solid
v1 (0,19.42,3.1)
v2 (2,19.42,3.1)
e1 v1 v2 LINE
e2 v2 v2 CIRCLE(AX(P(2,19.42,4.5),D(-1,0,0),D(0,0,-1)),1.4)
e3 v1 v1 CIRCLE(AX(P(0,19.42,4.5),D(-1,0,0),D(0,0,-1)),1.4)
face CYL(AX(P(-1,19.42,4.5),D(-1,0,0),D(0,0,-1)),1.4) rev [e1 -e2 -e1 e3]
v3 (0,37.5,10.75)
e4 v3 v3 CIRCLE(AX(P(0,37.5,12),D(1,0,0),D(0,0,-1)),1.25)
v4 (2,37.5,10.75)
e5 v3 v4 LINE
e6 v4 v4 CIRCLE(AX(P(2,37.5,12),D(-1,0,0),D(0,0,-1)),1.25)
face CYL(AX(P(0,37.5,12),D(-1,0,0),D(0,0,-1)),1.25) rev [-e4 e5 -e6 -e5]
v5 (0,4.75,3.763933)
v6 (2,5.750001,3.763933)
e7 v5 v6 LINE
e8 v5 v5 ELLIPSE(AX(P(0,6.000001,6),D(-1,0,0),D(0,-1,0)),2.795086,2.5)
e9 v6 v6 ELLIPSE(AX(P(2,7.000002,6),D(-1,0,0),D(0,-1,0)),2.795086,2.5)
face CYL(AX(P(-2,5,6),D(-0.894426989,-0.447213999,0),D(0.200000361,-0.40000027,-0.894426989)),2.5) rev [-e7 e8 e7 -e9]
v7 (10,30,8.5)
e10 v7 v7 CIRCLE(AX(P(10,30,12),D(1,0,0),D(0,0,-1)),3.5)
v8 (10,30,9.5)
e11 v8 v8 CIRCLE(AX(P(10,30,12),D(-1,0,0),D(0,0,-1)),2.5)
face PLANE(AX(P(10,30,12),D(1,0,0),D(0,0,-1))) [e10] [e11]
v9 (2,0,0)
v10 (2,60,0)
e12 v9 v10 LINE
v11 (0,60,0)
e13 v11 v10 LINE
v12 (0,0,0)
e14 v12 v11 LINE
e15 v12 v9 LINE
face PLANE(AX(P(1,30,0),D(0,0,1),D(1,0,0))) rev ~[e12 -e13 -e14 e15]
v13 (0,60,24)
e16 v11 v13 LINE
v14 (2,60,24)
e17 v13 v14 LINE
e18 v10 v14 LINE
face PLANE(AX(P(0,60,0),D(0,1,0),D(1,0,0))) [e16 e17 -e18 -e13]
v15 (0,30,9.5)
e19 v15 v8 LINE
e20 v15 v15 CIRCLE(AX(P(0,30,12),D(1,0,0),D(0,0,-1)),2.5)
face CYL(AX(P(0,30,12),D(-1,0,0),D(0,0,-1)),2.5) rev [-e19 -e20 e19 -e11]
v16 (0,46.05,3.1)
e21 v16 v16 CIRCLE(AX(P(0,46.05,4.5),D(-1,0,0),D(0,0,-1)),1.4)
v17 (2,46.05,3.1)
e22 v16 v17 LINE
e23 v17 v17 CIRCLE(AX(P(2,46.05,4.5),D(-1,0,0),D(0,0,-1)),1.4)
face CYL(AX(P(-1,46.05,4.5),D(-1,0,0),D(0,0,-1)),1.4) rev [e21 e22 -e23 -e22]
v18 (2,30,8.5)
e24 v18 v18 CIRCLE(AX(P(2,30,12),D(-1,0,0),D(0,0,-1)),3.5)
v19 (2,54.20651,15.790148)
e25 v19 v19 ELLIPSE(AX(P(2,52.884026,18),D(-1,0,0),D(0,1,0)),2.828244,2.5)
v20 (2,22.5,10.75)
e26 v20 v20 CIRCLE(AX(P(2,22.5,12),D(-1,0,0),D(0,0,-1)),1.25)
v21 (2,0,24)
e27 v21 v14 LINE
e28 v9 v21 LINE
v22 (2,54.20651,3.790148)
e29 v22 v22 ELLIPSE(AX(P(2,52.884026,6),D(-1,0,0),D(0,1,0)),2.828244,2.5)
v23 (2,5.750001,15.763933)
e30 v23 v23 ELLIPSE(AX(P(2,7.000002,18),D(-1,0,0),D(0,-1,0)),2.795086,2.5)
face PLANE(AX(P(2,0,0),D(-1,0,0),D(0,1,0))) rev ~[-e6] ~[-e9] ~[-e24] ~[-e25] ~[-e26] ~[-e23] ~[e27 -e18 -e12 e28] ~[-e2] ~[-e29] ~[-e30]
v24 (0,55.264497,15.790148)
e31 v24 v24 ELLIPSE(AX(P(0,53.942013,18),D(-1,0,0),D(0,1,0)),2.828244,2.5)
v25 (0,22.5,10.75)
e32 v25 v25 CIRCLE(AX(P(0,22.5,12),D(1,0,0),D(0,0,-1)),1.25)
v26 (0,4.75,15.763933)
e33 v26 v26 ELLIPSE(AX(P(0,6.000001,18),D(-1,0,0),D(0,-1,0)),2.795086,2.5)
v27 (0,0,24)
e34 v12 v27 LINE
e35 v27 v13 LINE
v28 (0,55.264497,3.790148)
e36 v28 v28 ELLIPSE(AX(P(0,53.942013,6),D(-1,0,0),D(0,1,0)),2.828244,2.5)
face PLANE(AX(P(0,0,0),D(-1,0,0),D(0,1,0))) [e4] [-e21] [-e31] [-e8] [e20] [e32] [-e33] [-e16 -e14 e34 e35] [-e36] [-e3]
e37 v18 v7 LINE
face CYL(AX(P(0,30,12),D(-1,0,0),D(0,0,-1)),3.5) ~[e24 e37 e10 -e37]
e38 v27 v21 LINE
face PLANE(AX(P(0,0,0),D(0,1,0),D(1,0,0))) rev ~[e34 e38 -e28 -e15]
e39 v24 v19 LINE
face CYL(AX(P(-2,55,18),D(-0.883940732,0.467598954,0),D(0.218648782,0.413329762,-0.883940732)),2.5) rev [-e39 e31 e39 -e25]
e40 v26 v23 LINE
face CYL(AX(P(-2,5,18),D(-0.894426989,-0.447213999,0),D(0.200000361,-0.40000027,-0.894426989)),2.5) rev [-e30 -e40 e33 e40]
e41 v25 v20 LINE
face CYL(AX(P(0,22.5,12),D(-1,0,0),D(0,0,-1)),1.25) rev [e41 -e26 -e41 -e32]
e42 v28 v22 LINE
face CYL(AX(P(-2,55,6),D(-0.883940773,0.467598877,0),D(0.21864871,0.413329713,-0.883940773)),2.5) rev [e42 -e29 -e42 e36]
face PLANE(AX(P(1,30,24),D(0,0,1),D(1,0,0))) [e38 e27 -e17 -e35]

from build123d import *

# Parameters (mm, degrees)
CYLINDER004_R               = 2.5
CYLINDER004_DEPTH           = 12
CYLINDER004_PITCH_ANGLE     = 90
CYLINDER003_R               = 3.5
CYLINDER003_DEPTH           = 10
CYLINDER003_PITCH_ANGLE     = 90
CYLINDER009_R               = 1.4
CYLINDER009_DEPTH           = 10
CYLINDER009_PITCH_ANGLE     = 90
CYLINDER008_R               = 1.4
CYLINDER008_DEPTH           = 10
CYLINDER008_PITCH_ANGLE     = 90
CYLINDER001_R               = 1.25
CYLINDER001_DEPTH           = 10
CYLINDER001_PITCH_ANGLE     = 90
CYLINDER002_R               = 1.25
CYLINDER002_DEPTH           = 10
CYLINDER002_PITCH_ANGLE     = 90
CYLINDER007_R               = 2.5
CYLINDER007_DEPTH           = 10
CYLINDER007_ROLL_ANGLE      = 90
CYLINDER007_PITCH_ANGLE     = 62.121453
CYLINDER007_PLACEMENT_ANGLE = 62.121453
CYLINDER006_R               = 2.5
CYLINDER006_DEPTH           = 10
CYLINDER006_ROLL_ANGLE      = 90
CYLINDER006_PITCH_ANGLE     = 62.121448
CYLINDER006_PLACEMENT_ANGLE = 62.121448
CYLINDER_R                  = 2.5
CYLINDER_DEPTH              = 10
CYLINDER_ROLL_ANGLE         = -90
CYLINDER_PITCH_ANGLE        = 63.434923
CYLINDER_PLACEMENT_ANGLE    = -63.434923
CYLINDER005_R               = 2.5
CYLINDER005_DEPTH           = 10
CYLINDER005_ROLL_ANGLE      = -90
CYLINDER005_PITCH_ANGLE     = 63.434923
CYLINDER005_PLACEMENT_ANGLE = -63.434923
BOX_W                       = 2
BOX_H                       = 60
BOX_DEPTH                   = 24


with BuildPart() as zylinder004:
    # Cylinder004 → Cylinder004 (new body)
    with BuildSketch(Plane.XY):
        Circle(CYLINDER004_R)
    extrude(amount=CYLINDER004_DEPTH)


with BuildPart() as zylinder004_1:
    # Cylinder004 pitch: moved
    add(zylinder004.part.rotate(Axis((0, 0, 0), (0, 1, 0)), CYLINDER004_PITCH_ANGLE))


with BuildPart() as zylinder004_2:
    # Cylinder004 placement: moved
    add(zylinder004_1.part.moved(Location((0, 30, 12))))


with BuildPart() as cut006:
    # Cylinder003 → Cylinder003 (new body)
    with BuildSketch(Plane.XY):
        Circle(CYLINDER003_R)
    extrude(amount=CYLINDER003_DEPTH)


with BuildPart() as cut006_1:
    # Cylinder003 pitch: moved
    add(cut006.part.rotate(Axis((0, 0, 0), (0, 1, 0)), CYLINDER003_PITCH_ANGLE))


with BuildPart() as cut006_2:
    # Cylinder003 placement: moved
    add(cut006_1.part.moved(Location((0, 30, 12))))

    # Cut006: cut Zylinder004
    add(zylinder004_2.part, mode=Mode.SUBTRACT)


with BuildPart() as zylinder009:
    # Cylinder009 → Cylinder009 (new body)
    with BuildSketch(Plane.XY):
        Circle(CYLINDER009_R)
    extrude(amount=CYLINDER009_DEPTH)


with BuildPart() as zylinder009_1:
    # Cylinder009 pitch: moved
    add(zylinder009.part.rotate(Axis((0, 0, 0), (0, 1, 0)), CYLINDER009_PITCH_ANGLE))


with BuildPart() as zylinder009_2:
    # Cylinder009 placement: moved
    add(zylinder009_1.part.moved(Location((-1, 46.05, 4.5))))


with BuildPart() as zylinder008:
    # Cylinder008 → Cylinder008 (new body)
    with BuildSketch(Plane.XY):
        Circle(CYLINDER008_R)
    extrude(amount=CYLINDER008_DEPTH)


with BuildPart() as zylinder008_1:
    # Cylinder008 pitch: moved
    add(zylinder008.part.rotate(Axis((0, 0, 0), (0, 1, 0)), CYLINDER008_PITCH_ANGLE))


with BuildPart() as zylinder008_2:
    # Cylinder008 placement: moved
    add(zylinder008_1.part.moved(Location((-1, 19.42, 4.5))))


with BuildPart() as zylinder001:
    # Cylinder001 → Cylinder001 (new body)
    with BuildSketch(Plane.XY):
        Circle(CYLINDER001_R)
    extrude(amount=CYLINDER001_DEPTH)


with BuildPart() as zylinder001_1:
    # Cylinder001 pitch: moved
    add(zylinder001.part.rotate(Axis((0, 0, 0), (0, 1, 0)), CYLINDER001_PITCH_ANGLE))


with BuildPart() as zylinder001_2:
    # Cylinder001 placement: moved
    add(zylinder001_1.part.moved(Location((0, 22.5, 12))))


with BuildPart() as zylinder002:
    # Cylinder002 → Cylinder002 (new body)
    with BuildSketch(Plane.XY):
        Circle(CYLINDER002_R)
    extrude(amount=CYLINDER002_DEPTH)


with BuildPart() as zylinder002_1:
    # Cylinder002 pitch: moved
    add(zylinder002.part.rotate(Axis((0, 0, 0), (0, 1, 0)), CYLINDER002_PITCH_ANGLE))


with BuildPart() as zylinder002_2:
    # Cylinder002 placement: moved
    add(zylinder002_1.part.moved(Location((0, 37.5, 12))))


with BuildPart() as zylinder007:
    # Cylinder007 → Cylinder007 (new body)
    with BuildSketch(Plane.XY):
        Circle(CYLINDER007_R)
    extrude(amount=CYLINDER007_DEPTH)


with BuildPart() as zylinder007_1:
    # Cylinder007 roll: moved
    add(zylinder007.part.rotate(Axis((0, 0, 0), (1, 0, 0)), CYLINDER007_ROLL_ANGLE))


with BuildPart() as zylinder007_2:
    # Cylinder007 pitch: moved
    add(zylinder007_1.part.rotate(Axis((0, 0, 0), (0, 1, 0)), CYLINDER007_PITCH_ANGLE))


with BuildPart() as zylinder007_3:
    # Cylinder007 placement: moved
    add(zylinder007_2.part.moved(Location((-2, 55, 6))).rotate(Axis((-2, 55, 6), (0, 0, 1)), CYLINDER007_PLACEMENT_ANGLE))


with BuildPart() as zylinder006:
    # Cylinder006 → Cylinder006 (new body)
    with BuildSketch(Plane.XY):
        Circle(CYLINDER006_R)
    extrude(amount=CYLINDER006_DEPTH)


with BuildPart() as zylinder006_1:
    # Cylinder006 roll: moved
    add(zylinder006.part.rotate(Axis((0, 0, 0), (1, 0, 0)), CYLINDER006_ROLL_ANGLE))


with BuildPart() as zylinder006_2:
    # Cylinder006 pitch: moved
    add(zylinder006_1.part.rotate(Axis((0, 0, 0), (0, 1, 0)), CYLINDER006_PITCH_ANGLE))


with BuildPart() as zylinder006_3:
    # Cylinder006 placement: moved
    add(zylinder006_2.part.moved(Location((-2, 55, 18))).rotate(Axis((-2, 55, 18), (0, 0, 1)), CYLINDER006_PLACEMENT_ANGLE))


with BuildPart() as zylinder:
    # Cylinder → Cylinder (new body)
    with BuildSketch(Plane.XY):
        Circle(CYLINDER_R)
    extrude(amount=CYLINDER_DEPTH)


with BuildPart() as zylinder_1:
    # Cylinder roll: moved
    add(zylinder.part.rotate(Axis((0, 0, 0), (1, 0, 0)), CYLINDER_ROLL_ANGLE))


with BuildPart() as zylinder_2:
    # Cylinder pitch: moved
    add(zylinder_1.part.rotate(Axis((0, 0, 0), (0, 1, 0)), CYLINDER_PITCH_ANGLE))


with BuildPart() as zylinder_3:
    # Cylinder placement: moved
    add(zylinder_2.part.moved(Location((-2, 5, 6))).rotate(Axis((-2, 5, 6), (0, 0, 1)), CYLINDER_PLACEMENT_ANGLE))


with BuildPart() as zylinder005:
    # Cylinder005 → Cylinder005 (new body)
    with BuildSketch(Plane.XY):
        Circle(CYLINDER005_R)
    extrude(amount=CYLINDER005_DEPTH)


with BuildPart() as zylinder005_1:
    # Cylinder005 roll: moved
    add(zylinder005.part.rotate(Axis((0, 0, 0), (1, 0, 0)), CYLINDER005_ROLL_ANGLE))


with BuildPart() as zylinder005_2:
    # Cylinder005 pitch: moved
    add(zylinder005_1.part.rotate(Axis((0, 0, 0), (0, 1, 0)), CYLINDER005_PITCH_ANGLE))


with BuildPart() as zylinder005_3:
    # Cylinder005 placement: moved
    add(zylinder005_2.part.moved(Location((-2, 5, 18))).rotate(Axis((-2, 5, 18), (0, 0, 1)), CYLINDER005_PLACEMENT_ANGLE))


with BuildPart() as fusion:
    # Box → Box (new body)
    with BuildSketch(Plane.XY):
        with Locations((1, 30)):
            Rectangle(BOX_W, BOX_H)
    extrude(amount=BOX_DEPTH)

    # Cut: cut Zylinder005
    add(zylinder005_3.part, mode=Mode.SUBTRACT)

    # Cut001: cut Zylinder
    add(zylinder_3.part, mode=Mode.SUBTRACT)

    # Cut002: cut Zylinder006
    add(zylinder006_3.part, mode=Mode.SUBTRACT)

    # Cut003: cut Zylinder007
    add(zylinder007_3.part, mode=Mode.SUBTRACT)

    # Cut004: cut Zylinder002
    add(zylinder002_2.part, mode=Mode.SUBTRACT)

    # Cut005: cut Zylinder001
    add(zylinder001_2.part, mode=Mode.SUBTRACT)

    # Cut007: cut Zylinder004
    add(zylinder004_2.part, mode=Mode.SUBTRACT)

    # Cut008: cut Zylinder008
    add(zylinder008_2.part, mode=Mode.SUBTRACT)

    # Cut009: cut Zylinder009
    add(zylinder009_2.part, mode=Mode.SUBTRACT)

    # Fusion: union Cut006
    add(cut006_2.part)


solid = fusion.part
